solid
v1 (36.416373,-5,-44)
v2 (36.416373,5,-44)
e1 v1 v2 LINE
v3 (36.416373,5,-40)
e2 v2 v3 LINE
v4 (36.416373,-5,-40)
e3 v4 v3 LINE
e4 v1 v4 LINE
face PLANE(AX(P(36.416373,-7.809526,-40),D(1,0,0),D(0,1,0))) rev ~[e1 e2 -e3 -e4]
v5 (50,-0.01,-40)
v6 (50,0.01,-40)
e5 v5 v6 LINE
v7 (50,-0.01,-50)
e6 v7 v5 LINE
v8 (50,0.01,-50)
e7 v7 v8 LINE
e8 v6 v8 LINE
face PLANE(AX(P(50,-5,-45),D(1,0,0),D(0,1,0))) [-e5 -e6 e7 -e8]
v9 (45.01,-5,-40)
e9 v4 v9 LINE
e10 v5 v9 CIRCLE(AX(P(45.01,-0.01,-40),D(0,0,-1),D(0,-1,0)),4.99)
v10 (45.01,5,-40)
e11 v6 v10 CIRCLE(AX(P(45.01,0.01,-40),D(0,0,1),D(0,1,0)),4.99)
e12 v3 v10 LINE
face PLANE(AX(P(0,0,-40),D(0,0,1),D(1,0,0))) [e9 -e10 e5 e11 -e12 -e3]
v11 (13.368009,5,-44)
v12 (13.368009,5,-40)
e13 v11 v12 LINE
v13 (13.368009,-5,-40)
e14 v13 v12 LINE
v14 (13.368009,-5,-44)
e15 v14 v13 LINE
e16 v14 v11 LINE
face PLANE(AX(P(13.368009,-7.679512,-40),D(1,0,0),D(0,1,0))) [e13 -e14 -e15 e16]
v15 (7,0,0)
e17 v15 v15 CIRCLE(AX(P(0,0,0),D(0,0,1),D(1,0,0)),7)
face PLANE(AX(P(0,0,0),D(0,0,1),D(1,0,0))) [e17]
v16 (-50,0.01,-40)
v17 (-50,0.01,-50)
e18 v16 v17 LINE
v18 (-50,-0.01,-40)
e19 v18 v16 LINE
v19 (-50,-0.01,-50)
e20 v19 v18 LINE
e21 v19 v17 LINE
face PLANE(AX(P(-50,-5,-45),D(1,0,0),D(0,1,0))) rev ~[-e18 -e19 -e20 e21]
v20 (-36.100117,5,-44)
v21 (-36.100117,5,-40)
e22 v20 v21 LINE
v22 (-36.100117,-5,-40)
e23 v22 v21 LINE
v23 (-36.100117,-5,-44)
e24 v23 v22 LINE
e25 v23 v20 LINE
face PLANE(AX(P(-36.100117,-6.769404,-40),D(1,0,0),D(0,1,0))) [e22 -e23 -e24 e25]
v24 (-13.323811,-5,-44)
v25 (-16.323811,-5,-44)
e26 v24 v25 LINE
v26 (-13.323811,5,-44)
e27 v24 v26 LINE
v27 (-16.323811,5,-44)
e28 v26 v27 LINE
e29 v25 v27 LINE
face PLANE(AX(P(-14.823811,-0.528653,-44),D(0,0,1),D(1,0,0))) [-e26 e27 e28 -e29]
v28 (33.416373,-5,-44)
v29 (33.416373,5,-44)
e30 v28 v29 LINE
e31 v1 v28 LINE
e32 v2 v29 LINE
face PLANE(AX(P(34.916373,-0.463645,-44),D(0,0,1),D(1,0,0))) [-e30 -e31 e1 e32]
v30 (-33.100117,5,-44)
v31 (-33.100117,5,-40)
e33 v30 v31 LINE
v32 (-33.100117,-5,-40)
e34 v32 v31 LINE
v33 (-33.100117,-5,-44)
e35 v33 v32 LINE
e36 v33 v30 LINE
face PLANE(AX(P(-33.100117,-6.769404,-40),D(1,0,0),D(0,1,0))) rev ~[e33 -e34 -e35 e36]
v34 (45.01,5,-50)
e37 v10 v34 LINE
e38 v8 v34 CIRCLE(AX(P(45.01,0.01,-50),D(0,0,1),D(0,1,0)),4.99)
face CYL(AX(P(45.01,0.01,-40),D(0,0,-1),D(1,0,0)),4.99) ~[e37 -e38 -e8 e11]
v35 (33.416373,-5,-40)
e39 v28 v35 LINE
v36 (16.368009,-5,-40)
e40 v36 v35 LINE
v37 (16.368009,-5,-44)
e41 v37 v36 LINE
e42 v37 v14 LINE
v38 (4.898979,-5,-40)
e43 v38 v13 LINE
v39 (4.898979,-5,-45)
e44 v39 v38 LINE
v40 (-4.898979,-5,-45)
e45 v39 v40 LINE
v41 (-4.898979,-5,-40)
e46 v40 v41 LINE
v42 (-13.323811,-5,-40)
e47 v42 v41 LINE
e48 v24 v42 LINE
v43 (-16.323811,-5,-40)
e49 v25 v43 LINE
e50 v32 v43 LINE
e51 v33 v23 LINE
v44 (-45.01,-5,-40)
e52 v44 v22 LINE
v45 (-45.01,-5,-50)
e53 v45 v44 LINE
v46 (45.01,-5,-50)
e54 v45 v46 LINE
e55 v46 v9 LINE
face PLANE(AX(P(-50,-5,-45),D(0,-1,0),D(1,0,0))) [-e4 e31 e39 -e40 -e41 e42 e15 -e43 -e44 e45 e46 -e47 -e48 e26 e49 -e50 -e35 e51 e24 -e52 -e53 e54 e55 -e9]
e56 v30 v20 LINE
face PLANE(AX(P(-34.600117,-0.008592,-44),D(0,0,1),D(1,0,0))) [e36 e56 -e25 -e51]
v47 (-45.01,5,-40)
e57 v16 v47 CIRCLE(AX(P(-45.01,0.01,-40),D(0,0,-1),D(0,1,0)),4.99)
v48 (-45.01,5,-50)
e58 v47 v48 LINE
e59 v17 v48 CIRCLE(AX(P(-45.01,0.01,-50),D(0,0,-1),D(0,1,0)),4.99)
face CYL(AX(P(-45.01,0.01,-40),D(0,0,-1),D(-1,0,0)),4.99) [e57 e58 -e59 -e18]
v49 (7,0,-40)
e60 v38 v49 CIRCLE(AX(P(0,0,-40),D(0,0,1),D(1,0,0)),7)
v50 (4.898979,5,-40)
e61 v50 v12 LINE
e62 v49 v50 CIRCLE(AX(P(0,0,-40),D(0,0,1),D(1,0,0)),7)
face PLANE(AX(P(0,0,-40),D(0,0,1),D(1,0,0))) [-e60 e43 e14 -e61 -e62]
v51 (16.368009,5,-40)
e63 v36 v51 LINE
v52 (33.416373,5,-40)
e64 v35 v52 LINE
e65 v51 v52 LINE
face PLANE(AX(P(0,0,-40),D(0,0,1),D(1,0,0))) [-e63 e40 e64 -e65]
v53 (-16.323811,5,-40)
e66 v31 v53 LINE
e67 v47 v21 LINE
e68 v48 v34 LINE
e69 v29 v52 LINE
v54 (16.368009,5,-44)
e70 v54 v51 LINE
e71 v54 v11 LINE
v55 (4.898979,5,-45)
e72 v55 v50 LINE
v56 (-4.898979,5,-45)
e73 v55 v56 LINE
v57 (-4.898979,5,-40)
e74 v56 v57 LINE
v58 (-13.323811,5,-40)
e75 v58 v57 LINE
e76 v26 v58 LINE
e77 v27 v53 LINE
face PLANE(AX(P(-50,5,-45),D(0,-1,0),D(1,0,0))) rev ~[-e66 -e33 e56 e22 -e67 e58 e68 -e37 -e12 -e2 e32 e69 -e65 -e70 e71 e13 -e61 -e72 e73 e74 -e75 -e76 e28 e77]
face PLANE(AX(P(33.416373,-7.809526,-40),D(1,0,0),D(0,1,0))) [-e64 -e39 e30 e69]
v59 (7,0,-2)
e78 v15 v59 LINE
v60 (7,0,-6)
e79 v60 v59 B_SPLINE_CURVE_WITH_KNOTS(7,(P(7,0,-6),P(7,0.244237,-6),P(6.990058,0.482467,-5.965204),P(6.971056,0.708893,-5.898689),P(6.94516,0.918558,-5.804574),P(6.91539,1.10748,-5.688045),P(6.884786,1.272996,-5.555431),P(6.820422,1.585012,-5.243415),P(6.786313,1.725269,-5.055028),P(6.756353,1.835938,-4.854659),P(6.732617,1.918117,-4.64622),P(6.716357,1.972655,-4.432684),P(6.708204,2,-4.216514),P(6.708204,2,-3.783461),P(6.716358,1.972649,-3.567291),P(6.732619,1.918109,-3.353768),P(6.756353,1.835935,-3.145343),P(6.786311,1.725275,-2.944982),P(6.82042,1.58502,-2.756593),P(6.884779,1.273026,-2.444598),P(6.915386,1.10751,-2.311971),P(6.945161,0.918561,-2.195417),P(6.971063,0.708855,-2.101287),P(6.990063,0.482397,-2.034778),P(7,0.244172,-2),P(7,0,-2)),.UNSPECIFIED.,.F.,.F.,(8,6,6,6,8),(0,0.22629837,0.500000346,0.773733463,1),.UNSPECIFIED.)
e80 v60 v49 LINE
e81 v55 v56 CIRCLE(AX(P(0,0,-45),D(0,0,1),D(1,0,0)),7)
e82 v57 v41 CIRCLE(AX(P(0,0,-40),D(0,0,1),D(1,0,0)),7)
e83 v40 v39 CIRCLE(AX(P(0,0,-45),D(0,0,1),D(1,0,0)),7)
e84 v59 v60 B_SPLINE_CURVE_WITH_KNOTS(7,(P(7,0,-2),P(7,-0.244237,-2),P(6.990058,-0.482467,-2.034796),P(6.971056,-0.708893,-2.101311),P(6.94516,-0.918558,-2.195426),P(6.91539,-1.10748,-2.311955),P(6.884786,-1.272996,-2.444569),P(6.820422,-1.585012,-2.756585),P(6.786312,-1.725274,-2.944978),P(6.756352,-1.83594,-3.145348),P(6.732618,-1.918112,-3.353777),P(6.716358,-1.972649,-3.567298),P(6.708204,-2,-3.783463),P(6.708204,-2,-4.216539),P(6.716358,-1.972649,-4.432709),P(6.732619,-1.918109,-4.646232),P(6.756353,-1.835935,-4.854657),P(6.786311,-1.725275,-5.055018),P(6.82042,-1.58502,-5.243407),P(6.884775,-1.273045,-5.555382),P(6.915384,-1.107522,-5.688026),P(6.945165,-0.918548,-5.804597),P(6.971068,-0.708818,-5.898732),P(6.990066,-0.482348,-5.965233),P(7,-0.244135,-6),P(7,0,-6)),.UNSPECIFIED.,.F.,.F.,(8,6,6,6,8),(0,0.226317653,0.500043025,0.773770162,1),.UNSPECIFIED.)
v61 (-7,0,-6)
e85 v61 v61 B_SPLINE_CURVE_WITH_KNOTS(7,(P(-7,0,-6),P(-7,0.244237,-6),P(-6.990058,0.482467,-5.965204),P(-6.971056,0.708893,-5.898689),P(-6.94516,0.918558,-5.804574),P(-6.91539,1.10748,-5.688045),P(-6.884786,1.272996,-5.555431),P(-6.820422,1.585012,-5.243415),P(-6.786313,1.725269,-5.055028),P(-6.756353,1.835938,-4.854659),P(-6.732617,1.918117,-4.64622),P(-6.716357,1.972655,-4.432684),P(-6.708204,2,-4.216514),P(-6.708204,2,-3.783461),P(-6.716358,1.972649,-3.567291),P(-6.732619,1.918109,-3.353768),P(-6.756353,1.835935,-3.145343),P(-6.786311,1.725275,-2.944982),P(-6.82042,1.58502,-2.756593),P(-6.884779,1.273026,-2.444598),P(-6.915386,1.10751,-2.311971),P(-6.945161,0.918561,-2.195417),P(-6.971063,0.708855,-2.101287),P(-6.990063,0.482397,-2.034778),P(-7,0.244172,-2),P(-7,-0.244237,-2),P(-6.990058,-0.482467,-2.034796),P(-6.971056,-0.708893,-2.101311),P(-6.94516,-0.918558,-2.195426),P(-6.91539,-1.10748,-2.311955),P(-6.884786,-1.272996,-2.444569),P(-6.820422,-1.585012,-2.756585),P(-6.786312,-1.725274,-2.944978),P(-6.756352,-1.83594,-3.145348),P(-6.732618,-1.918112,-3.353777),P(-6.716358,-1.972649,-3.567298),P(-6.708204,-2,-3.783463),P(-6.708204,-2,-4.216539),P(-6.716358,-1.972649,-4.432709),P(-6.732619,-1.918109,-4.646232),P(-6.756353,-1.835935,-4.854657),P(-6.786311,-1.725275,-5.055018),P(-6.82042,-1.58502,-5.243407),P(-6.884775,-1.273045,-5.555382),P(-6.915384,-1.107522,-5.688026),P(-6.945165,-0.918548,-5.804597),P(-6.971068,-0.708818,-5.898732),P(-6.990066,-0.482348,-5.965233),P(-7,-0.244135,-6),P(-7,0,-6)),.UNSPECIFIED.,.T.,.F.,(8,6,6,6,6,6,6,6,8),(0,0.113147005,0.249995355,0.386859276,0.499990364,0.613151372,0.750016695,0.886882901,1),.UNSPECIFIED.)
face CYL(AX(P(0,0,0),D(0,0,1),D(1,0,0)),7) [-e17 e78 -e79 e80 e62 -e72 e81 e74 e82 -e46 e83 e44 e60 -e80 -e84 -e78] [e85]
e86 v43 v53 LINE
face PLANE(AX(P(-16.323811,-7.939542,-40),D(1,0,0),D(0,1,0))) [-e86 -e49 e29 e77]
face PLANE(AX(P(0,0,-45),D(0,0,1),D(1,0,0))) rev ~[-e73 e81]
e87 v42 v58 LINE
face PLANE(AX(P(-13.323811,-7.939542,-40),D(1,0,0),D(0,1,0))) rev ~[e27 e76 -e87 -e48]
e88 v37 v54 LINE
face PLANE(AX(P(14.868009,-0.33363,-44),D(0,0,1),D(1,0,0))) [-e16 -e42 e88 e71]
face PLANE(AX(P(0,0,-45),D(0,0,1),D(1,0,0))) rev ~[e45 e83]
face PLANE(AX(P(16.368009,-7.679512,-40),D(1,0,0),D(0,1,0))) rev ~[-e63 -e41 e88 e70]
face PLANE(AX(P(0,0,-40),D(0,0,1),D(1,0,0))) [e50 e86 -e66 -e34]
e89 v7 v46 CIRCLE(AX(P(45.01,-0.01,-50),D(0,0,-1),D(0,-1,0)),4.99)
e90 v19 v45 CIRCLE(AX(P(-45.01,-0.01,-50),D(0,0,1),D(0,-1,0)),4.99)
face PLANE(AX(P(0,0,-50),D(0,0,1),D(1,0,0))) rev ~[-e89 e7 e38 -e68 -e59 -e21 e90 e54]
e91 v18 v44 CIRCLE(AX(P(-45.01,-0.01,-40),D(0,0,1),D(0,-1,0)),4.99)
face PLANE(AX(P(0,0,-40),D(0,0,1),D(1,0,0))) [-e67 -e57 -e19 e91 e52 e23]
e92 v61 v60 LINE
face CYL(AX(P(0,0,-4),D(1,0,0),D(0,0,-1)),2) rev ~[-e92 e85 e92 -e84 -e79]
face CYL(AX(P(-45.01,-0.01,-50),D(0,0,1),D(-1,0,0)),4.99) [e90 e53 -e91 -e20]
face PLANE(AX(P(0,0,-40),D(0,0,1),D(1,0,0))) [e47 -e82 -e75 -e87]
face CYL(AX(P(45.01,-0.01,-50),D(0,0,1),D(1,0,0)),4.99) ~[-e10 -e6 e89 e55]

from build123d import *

# Parameters (mm, degrees)
SKETCH003_R   = 2
PAD002_DEPTH  = 10
SKETCH_R      = 7
PAD_DEPTH     = 45
SKETCH001_W   = 100
SKETCH001_H   = 10
PAD001_DEPTH  = 5
FILLET_R      = 4.99
SKETCH002_W   = 3
SKETCH002_H   = 13.521623
SKETCH002_H_2 = 14.821778
SKETCH002_H_3 = 14.691763
POCKET_DEPTH  = 4


with BuildPart() as pad002:
    # Sketch003 → Pad002 (new body, symmetric)
    with BuildSketch(Plane(origin=(0, 0, -4), x_dir=(0, 0, -1), z_dir=(1, 0, 0))):
        Circle(SKETCH003_R)
    extrude(amount=PAD002_DEPTH, both=True)


with BuildPart() as cut:
    # Sketch → Pad (new body)
    with BuildSketch(Plane.XY):
        Circle(SKETCH_R)
    extrude(amount=-PAD_DEPTH)

    # Cut: cut Pad002
    add(pad002.part, mode=Mode.SUBTRACT)


with BuildPart() as soporte_pintura_inferior:
    # Sketch001 → Pad001 (new body, symmetric)
    with BuildSketch(Plane.XY.offset(-45)):
        Rectangle(SKETCH001_W, SKETCH001_H)
    extrude(amount=PAD001_DEPTH, both=True)

    # Fillet
    fillet_edges = [soporte_pintura_inferior.edges().sort_by_distance(p)[0] for p in [
        (-50, 5, -45),
        (-50, -5, -45),
        (50, 5, -45),
        (50, -5, -45),
    ]]
    fillet(fillet_edges, radius=FILLET_R)

    # Sketch002 → Pocket (cut)
    with BuildSketch(Plane.XY.offset(-40)):
        with Locations((-34.600117, -0.008592)):
            Rectangle(SKETCH002_W, SKETCH002_H)
        with Locations((-14.823811, -0.528653)):
            Rectangle(SKETCH002_W, SKETCH002_H_2)
        with Locations((14.868009, -0.33363)):
            Rectangle(SKETCH002_W, SKETCH002_H_3)
        with Locations((34.916373, -0.463645)):
            Rectangle(SKETCH002_W, SKETCH002_H_3)
    extrude(amount=-POCKET_DEPTH, mode=Mode.SUBTRACT)

    # Fusion: union Cut
    add(cut.part)


solid = soporte_pintura_inferior.part
